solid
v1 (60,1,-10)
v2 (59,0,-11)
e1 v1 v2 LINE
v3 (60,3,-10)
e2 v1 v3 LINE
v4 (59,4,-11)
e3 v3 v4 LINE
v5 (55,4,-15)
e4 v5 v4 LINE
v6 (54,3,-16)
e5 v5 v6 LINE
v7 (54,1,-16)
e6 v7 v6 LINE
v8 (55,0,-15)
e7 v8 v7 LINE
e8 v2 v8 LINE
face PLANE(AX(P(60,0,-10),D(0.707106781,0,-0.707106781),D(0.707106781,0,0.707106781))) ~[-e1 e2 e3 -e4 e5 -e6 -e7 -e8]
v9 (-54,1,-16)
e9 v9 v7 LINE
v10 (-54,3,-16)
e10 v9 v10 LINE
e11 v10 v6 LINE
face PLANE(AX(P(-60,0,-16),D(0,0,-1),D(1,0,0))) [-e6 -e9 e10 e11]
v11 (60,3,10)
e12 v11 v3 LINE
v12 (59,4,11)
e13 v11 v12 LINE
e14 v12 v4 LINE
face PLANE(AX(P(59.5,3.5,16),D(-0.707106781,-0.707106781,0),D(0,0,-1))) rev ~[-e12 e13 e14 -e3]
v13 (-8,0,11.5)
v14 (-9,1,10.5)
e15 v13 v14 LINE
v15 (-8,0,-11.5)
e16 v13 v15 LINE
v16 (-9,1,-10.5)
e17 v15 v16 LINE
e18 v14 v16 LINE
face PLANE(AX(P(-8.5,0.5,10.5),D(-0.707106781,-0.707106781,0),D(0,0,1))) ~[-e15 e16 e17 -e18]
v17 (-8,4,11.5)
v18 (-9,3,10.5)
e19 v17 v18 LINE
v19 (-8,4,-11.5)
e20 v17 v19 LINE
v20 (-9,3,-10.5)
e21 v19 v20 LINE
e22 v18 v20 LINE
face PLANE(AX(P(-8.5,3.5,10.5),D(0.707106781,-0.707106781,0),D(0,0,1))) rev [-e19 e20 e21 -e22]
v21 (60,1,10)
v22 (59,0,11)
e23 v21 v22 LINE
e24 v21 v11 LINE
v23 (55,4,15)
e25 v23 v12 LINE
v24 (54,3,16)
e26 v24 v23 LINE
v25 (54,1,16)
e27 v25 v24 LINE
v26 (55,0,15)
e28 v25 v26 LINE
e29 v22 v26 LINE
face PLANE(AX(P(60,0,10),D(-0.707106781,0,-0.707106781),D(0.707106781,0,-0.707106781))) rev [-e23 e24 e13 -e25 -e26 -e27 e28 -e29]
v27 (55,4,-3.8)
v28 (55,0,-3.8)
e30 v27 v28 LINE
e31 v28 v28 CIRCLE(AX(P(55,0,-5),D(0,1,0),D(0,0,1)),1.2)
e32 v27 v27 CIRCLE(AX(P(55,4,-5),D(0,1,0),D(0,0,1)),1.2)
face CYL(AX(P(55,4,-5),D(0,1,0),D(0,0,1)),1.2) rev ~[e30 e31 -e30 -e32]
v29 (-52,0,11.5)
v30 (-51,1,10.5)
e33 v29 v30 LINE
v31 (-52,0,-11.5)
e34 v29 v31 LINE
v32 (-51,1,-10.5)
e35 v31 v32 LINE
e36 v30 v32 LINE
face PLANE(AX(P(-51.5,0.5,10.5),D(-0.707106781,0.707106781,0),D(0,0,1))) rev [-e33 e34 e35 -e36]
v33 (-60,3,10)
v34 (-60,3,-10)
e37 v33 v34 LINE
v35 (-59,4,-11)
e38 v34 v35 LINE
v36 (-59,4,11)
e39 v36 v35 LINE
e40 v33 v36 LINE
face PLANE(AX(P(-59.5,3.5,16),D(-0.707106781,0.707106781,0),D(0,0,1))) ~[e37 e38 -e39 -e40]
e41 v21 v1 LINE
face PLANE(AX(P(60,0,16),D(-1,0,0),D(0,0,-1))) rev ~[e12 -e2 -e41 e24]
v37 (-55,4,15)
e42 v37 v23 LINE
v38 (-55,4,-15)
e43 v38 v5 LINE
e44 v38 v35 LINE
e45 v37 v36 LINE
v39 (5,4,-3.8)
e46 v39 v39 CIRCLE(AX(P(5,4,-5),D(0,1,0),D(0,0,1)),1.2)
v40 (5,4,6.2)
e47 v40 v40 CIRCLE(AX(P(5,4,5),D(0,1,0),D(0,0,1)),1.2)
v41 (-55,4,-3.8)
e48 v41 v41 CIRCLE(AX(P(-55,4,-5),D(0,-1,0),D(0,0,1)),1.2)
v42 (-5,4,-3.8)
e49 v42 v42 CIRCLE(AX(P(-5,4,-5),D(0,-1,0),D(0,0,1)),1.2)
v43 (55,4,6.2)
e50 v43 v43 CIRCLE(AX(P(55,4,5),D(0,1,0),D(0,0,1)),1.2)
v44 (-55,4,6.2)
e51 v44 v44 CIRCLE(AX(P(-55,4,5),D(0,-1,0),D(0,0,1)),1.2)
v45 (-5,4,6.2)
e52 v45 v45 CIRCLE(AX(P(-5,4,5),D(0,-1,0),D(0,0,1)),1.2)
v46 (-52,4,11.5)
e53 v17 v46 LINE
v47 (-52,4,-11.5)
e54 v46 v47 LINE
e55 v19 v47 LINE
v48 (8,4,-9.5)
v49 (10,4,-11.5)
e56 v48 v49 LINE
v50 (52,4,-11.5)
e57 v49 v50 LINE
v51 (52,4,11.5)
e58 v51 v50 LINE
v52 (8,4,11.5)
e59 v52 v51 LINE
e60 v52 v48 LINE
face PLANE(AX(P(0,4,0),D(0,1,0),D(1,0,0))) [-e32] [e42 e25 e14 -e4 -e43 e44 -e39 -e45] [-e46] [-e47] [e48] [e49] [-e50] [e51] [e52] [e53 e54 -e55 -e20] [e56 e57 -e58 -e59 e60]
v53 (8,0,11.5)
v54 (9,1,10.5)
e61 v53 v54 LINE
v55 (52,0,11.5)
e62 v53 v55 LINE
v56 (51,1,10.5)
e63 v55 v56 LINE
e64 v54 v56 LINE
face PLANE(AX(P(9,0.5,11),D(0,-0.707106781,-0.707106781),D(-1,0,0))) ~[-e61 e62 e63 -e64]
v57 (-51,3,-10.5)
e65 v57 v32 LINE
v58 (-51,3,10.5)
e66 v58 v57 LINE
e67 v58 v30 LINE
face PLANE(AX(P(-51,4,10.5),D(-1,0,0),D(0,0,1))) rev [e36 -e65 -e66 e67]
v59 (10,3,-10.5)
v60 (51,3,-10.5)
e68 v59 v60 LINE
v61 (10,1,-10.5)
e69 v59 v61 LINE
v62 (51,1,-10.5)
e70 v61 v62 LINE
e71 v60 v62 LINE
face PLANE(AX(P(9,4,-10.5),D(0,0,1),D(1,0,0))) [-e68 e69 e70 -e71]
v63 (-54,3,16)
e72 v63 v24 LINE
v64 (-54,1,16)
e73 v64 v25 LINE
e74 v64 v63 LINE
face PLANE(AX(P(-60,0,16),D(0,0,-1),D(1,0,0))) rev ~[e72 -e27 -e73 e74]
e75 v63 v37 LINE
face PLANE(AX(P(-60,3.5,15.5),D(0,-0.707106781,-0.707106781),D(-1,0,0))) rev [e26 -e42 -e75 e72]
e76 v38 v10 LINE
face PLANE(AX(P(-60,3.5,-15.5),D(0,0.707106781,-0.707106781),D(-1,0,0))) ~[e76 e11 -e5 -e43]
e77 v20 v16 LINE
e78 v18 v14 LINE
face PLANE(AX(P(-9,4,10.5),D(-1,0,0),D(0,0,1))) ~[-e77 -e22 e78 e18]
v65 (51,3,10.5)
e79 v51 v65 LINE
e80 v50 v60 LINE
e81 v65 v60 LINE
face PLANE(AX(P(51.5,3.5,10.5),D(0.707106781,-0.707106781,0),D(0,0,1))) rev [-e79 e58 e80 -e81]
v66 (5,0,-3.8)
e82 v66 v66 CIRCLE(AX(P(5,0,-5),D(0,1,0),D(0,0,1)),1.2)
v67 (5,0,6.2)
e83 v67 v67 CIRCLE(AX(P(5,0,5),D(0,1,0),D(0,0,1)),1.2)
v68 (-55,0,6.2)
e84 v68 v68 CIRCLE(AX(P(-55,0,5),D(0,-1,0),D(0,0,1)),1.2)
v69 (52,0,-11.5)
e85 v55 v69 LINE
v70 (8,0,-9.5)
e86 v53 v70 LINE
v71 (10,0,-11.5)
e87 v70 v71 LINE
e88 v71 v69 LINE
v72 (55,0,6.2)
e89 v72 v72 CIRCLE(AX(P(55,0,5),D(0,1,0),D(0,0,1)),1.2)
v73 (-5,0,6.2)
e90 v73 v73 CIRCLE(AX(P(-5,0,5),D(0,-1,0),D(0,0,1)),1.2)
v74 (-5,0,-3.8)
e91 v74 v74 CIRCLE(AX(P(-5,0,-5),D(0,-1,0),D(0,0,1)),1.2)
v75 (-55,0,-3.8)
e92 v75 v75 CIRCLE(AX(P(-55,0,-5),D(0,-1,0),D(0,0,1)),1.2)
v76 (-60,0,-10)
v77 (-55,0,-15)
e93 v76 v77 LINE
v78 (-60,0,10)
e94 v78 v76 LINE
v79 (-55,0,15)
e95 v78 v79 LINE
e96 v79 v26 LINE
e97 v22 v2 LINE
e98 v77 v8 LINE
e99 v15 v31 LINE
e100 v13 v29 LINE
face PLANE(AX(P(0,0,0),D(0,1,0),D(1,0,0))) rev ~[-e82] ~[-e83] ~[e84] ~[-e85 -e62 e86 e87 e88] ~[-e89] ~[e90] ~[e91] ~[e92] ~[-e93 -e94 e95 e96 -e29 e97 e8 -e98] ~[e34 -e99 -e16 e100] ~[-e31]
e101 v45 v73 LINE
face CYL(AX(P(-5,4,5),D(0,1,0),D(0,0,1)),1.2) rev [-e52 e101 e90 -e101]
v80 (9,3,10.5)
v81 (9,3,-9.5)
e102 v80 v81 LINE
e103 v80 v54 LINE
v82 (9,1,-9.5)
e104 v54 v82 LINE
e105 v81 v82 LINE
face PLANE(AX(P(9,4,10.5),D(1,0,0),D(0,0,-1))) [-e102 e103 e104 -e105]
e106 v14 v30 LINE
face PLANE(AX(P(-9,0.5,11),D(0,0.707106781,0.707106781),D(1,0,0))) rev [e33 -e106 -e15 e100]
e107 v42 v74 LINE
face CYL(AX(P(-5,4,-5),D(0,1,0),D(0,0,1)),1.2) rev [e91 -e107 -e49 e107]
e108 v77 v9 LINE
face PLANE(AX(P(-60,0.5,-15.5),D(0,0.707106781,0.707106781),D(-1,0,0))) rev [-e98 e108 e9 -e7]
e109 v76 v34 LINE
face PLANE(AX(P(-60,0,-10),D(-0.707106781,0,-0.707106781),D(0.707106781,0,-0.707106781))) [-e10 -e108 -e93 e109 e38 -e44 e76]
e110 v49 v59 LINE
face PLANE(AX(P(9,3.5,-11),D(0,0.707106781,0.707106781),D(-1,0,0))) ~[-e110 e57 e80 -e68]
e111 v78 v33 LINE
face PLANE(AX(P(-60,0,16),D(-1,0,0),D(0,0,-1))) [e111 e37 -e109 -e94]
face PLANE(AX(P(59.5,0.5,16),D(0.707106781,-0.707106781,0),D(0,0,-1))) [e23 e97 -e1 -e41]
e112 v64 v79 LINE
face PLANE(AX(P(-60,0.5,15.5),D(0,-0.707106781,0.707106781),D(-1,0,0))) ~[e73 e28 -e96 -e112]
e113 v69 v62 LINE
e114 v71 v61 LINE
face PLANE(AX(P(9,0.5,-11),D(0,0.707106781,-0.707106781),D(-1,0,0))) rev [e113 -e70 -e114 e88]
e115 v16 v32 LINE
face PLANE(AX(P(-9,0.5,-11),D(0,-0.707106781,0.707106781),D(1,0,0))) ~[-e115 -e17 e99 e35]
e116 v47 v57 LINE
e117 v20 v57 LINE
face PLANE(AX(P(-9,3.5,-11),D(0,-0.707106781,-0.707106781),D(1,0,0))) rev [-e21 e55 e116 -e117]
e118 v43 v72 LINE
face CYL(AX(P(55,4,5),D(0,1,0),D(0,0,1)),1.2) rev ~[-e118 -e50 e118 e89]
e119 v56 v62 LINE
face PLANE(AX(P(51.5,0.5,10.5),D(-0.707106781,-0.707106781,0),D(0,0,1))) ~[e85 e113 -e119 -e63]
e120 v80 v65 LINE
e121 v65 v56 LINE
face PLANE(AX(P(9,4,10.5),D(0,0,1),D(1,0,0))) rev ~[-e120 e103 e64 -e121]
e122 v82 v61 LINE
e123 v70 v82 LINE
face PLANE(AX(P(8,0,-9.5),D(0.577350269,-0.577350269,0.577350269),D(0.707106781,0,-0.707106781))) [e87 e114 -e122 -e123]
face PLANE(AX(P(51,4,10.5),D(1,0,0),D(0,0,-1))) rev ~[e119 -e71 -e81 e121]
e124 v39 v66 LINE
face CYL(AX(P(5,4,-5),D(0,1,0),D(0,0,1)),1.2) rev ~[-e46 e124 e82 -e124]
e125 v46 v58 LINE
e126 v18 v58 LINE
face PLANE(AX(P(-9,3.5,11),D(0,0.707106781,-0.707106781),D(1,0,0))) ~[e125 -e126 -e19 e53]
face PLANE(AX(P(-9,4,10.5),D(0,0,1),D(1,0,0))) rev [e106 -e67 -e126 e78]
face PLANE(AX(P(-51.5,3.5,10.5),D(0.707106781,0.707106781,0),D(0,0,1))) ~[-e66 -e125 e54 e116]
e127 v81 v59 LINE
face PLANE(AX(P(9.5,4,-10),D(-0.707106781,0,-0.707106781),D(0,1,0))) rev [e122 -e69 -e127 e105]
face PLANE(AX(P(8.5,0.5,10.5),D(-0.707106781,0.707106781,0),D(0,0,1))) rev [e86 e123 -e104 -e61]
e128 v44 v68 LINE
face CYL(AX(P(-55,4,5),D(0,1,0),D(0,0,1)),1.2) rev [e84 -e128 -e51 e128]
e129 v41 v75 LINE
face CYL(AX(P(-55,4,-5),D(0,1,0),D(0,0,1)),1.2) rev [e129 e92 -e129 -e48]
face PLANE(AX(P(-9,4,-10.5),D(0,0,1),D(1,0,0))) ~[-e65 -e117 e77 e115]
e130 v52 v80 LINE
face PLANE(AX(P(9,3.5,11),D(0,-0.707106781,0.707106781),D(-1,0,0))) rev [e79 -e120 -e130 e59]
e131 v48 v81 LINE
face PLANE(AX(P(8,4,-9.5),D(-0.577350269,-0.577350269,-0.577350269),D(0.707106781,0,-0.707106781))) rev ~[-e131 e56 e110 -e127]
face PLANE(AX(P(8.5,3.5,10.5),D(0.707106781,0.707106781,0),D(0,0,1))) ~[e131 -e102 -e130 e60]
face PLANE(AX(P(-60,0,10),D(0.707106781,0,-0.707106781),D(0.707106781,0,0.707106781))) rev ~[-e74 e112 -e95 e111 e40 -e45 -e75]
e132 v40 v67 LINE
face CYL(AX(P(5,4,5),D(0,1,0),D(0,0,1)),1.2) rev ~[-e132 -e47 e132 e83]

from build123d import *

# Parameters (mm, degrees)
SKETCH1_W           = 120
SKETCH1_H           = 32
BOSS_EXTRUDE1_DEPTH = 4
SKETCH2_R           = 1.2
SKETCH2_W           = 42
SKETCH2_H           = 21
CUT_EXTRUDE1_DEPTH  = 4
CHAMFER1_SIZE       = 1
CUT_EXTRUDE2_DEPTH  = 10


with BuildPart() as part:
    # Sketch1 → Boss-Extrude1 (new body)
    with BuildSketch(Plane(origin=(0, 0, 0), x_dir=(1, 0, 0), z_dir=(0, 1, 0))):
        Rectangle(SKETCH1_W, SKETCH1_H)
    extrude(amount=BOSS_EXTRUDE1_DEPTH)

    # Sketch2 → Cut-Extrude1 (cut)
    with BuildSketch(Plane(origin=(0, 4, 0), x_dir=(1, 0, 0), z_dir=(0, 1, 0))):
        with Locations(Location((55, 5, 0), (0, 0, 270))):
            Circle(SKETCH2_R)
        with Locations(Location((55, -5, 0), (0, 0, 270))):
            Circle(SKETCH2_R)
        with Locations(Location((5, 5, 0), (0, 0, 270))):
            Circle(SKETCH2_R)
        with Locations(Location((5, -5, 0), (0, 0, 270))):
            Circle(SKETCH2_R)
        with Locations((30, 0)):
            Rectangle(SKETCH2_W, SKETCH2_H)
    cut_extrude1 = extrude(amount=-CUT_EXTRUDE1_DEPTH, mode=Mode.SUBTRACT)

    # Mirror1: Cut-Extrude1 across plane
    add(cut_extrude1.mirror(Plane(origin=(0, 0, 0), x_dir=(0, 0, 1), z_dir=(1, 0, 0))), mode=Mode.SUBTRACT)

    # Chamfer1
    chamfer1_edges = [part.edges().sort_by_distance(p)[0] for p in [
        (-60, 4, 0),
        (0, 4, 16),
        (9, 0, 0),
        (30, 0, -10.5),
        (9, 2, -10.5),
        (51, 0, 0),
        (30, 0, 10.5),
        (9, 4, 0),
        (30, 4, 10.5),
        (51, 4, 0),
        (30, 4, -10.5),
        (60, 4, 0),
        (0, 0, 16),
        (0, 0, -16),
        (60, 0, 0),
        (-9, 4, 0),
        (-30, 4, 10.5),
        (-51, 4, 0),
        (-30, 4, -10.5),
        (-9, 0, 0),
        (-30, 0, 10.5),
        (-51, 0, 0),
        (-30, 0, -10.5),
        (0, 4, -16),
        (60, 2, 16),
        (-60, 2, 16),
        (-60, 2, -16),
        (60, 2, -16),
    ]]
    chamfer(chamfer1_edges, length=CHAMFER1_SIZE)

    # Sketch3 → Cut-Extrude2 (cut)
    with BuildSketch(Plane.XZ):
        Polygon((-60, 10), (-54, 16), (-63.164716505, 19.318756061), align=None)
        Polygon((-60, -10), (-54, -16), (-62.553854867, -17.935195974), align=None)
    cut_extrude2 = extrude(amount=-CUT_EXTRUDE2_DEPTH, mode=Mode.SUBTRACT)

    # Mirror2: Cut-Extrude2 across plane
    add(cut_extrude2.mirror(Plane(origin=(0, 0, 0), x_dir=(0, 0, 1), z_dir=(1, 0, 0))), mode=Mode.SUBTRACT)


solid = part.part
